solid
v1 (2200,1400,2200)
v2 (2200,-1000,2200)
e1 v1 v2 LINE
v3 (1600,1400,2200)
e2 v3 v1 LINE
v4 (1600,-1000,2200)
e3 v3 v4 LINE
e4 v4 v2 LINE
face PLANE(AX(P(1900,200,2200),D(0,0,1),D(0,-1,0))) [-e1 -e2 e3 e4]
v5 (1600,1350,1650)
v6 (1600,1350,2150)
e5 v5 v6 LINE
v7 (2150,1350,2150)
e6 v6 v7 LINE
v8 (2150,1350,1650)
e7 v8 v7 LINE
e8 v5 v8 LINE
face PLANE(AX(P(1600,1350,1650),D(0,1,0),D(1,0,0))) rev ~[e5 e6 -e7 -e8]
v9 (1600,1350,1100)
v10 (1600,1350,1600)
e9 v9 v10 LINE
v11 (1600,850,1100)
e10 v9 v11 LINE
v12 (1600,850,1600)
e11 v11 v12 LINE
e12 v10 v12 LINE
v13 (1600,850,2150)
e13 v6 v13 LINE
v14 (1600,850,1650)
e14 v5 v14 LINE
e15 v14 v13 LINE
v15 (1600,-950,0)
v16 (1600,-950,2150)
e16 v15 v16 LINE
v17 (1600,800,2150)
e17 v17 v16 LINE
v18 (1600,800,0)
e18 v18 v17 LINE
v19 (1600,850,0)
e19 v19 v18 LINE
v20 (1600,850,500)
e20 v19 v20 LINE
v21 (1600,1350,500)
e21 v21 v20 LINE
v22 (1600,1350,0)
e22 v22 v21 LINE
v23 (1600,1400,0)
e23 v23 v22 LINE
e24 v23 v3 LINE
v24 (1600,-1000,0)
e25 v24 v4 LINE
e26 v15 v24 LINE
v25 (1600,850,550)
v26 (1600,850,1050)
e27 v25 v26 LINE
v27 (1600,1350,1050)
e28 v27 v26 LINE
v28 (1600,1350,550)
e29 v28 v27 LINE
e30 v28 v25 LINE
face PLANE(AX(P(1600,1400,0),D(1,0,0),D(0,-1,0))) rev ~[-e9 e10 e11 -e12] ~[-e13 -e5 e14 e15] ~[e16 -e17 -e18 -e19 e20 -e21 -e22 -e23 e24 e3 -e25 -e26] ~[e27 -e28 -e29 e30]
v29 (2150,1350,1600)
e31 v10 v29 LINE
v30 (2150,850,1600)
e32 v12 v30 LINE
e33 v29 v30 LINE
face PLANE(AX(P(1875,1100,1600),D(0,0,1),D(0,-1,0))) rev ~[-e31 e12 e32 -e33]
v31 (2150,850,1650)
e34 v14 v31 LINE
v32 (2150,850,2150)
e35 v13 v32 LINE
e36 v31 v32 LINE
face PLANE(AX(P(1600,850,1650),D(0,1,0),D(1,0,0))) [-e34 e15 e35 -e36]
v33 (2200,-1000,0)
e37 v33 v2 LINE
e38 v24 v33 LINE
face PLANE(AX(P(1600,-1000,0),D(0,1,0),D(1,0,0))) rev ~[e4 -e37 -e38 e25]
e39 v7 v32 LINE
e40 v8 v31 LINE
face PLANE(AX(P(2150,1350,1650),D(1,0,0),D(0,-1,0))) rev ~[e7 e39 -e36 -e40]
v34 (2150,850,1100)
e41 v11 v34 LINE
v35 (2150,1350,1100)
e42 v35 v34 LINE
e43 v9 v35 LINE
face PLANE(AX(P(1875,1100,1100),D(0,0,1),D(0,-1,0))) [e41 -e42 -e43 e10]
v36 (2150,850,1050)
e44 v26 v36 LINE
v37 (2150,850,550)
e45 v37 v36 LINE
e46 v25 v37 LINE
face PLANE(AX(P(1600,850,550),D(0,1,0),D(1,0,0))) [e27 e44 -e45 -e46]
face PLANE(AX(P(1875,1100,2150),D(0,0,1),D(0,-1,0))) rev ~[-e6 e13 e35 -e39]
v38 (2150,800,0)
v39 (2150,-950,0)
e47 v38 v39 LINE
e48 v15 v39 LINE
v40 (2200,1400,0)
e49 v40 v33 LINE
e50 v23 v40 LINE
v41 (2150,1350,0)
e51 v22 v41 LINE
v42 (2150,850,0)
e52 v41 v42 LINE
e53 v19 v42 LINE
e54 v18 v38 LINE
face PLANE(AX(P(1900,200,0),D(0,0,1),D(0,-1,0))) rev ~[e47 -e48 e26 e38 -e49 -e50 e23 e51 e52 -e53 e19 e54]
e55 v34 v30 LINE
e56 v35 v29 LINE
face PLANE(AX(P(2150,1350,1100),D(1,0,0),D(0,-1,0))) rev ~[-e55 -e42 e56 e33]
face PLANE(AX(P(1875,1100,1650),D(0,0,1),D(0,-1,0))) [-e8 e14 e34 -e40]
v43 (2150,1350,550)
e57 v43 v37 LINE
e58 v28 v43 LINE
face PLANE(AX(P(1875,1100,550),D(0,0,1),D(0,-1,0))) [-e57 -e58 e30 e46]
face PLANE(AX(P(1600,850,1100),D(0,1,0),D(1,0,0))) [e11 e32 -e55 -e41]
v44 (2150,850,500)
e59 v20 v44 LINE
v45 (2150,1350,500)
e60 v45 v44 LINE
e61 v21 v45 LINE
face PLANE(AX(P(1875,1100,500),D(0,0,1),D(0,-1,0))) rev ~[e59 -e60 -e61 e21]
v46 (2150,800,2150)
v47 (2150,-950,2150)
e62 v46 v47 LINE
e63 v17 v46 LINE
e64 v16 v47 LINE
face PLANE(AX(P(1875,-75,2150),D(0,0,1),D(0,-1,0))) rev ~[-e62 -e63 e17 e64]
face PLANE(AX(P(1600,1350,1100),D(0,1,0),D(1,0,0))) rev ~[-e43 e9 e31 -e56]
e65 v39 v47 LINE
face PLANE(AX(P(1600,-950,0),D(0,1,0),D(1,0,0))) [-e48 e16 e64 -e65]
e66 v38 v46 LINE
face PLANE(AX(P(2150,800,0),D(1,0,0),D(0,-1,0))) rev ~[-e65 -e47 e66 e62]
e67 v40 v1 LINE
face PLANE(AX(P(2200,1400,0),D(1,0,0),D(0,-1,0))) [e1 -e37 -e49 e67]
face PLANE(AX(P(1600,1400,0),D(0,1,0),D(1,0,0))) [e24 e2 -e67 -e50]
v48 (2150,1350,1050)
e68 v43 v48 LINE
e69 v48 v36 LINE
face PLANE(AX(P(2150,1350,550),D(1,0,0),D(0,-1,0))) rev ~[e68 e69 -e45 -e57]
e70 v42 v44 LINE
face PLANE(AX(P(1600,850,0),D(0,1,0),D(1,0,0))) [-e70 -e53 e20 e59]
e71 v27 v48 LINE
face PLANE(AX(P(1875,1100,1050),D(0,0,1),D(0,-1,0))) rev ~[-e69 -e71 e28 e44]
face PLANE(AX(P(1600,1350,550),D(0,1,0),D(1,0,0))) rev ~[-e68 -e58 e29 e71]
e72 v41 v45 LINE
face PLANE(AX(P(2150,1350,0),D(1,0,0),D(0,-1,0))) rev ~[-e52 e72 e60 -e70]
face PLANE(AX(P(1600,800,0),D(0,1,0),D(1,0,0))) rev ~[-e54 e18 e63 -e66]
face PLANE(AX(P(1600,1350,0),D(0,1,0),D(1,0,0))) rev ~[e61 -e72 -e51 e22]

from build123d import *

# Parameters (mm, degrees)
BOX3569_W        = 1750
BOX3569_H        = 550
BOX3569_DEPTH    = 2150
BOX3519_W        = 500
BOX3519_H        = 550
BOX3519_DEPTH    = 500
ARRAY278_Z_COUNT = 4
ARRAY278_Z_PITCH = 550
BOX3116_W        = 2400
BOX3116_H        = 600
BOX3116_DEPTH    = 2200


with BuildPart() as box3569:
    # Box3569 → Box3569 (new body)
    with BuildSketch(Plane(origin=(1600, 800, 0), x_dir=(0, -1, 0), z_dir=(0, 0, 1))):
        with Locations((875, 275)):
            Rectangle(BOX3569_W, BOX3569_H)
    extrude(amount=BOX3569_DEPTH)


with BuildPart() as array278:
    # Box3519 → Box3519 (new body)
    with BuildSketch(Plane(origin=(1600, 1350, 0), x_dir=(0, -1, 0), z_dir=(0, 0, 1))):
        with Locations((250, 275)):
            Rectangle(BOX3519_W, BOX3519_H)
    extrude(amount=BOX3519_DEPTH)

    # Array278 Z: Array278 ×4


with BuildPart() as array278_1:
    add(array278.part)
    with Locations(*[(0, 0, i * ARRAY278_Z_PITCH) for i in range(1, ARRAY278_Z_COUNT)]):
        add(array278.part)


with BuildPart() as cut005:
    # Box3116 → Box3116 (new body)
    with BuildSketch(Plane(origin=(1600, 1400, 0), x_dir=(0, -1, 0), z_dir=(0, 0, 1))):
        with Locations((1200, 300)):
            Rectangle(BOX3116_W, BOX3116_H)
    extrude(amount=BOX3116_DEPTH)

    # Cut: cut Array278
    add(array278_1.part, mode=Mode.SUBTRACT)

    # Cut005: cut Box3569
    add(box3569.part, mode=Mode.SUBTRACT)


solid = cut005.part
